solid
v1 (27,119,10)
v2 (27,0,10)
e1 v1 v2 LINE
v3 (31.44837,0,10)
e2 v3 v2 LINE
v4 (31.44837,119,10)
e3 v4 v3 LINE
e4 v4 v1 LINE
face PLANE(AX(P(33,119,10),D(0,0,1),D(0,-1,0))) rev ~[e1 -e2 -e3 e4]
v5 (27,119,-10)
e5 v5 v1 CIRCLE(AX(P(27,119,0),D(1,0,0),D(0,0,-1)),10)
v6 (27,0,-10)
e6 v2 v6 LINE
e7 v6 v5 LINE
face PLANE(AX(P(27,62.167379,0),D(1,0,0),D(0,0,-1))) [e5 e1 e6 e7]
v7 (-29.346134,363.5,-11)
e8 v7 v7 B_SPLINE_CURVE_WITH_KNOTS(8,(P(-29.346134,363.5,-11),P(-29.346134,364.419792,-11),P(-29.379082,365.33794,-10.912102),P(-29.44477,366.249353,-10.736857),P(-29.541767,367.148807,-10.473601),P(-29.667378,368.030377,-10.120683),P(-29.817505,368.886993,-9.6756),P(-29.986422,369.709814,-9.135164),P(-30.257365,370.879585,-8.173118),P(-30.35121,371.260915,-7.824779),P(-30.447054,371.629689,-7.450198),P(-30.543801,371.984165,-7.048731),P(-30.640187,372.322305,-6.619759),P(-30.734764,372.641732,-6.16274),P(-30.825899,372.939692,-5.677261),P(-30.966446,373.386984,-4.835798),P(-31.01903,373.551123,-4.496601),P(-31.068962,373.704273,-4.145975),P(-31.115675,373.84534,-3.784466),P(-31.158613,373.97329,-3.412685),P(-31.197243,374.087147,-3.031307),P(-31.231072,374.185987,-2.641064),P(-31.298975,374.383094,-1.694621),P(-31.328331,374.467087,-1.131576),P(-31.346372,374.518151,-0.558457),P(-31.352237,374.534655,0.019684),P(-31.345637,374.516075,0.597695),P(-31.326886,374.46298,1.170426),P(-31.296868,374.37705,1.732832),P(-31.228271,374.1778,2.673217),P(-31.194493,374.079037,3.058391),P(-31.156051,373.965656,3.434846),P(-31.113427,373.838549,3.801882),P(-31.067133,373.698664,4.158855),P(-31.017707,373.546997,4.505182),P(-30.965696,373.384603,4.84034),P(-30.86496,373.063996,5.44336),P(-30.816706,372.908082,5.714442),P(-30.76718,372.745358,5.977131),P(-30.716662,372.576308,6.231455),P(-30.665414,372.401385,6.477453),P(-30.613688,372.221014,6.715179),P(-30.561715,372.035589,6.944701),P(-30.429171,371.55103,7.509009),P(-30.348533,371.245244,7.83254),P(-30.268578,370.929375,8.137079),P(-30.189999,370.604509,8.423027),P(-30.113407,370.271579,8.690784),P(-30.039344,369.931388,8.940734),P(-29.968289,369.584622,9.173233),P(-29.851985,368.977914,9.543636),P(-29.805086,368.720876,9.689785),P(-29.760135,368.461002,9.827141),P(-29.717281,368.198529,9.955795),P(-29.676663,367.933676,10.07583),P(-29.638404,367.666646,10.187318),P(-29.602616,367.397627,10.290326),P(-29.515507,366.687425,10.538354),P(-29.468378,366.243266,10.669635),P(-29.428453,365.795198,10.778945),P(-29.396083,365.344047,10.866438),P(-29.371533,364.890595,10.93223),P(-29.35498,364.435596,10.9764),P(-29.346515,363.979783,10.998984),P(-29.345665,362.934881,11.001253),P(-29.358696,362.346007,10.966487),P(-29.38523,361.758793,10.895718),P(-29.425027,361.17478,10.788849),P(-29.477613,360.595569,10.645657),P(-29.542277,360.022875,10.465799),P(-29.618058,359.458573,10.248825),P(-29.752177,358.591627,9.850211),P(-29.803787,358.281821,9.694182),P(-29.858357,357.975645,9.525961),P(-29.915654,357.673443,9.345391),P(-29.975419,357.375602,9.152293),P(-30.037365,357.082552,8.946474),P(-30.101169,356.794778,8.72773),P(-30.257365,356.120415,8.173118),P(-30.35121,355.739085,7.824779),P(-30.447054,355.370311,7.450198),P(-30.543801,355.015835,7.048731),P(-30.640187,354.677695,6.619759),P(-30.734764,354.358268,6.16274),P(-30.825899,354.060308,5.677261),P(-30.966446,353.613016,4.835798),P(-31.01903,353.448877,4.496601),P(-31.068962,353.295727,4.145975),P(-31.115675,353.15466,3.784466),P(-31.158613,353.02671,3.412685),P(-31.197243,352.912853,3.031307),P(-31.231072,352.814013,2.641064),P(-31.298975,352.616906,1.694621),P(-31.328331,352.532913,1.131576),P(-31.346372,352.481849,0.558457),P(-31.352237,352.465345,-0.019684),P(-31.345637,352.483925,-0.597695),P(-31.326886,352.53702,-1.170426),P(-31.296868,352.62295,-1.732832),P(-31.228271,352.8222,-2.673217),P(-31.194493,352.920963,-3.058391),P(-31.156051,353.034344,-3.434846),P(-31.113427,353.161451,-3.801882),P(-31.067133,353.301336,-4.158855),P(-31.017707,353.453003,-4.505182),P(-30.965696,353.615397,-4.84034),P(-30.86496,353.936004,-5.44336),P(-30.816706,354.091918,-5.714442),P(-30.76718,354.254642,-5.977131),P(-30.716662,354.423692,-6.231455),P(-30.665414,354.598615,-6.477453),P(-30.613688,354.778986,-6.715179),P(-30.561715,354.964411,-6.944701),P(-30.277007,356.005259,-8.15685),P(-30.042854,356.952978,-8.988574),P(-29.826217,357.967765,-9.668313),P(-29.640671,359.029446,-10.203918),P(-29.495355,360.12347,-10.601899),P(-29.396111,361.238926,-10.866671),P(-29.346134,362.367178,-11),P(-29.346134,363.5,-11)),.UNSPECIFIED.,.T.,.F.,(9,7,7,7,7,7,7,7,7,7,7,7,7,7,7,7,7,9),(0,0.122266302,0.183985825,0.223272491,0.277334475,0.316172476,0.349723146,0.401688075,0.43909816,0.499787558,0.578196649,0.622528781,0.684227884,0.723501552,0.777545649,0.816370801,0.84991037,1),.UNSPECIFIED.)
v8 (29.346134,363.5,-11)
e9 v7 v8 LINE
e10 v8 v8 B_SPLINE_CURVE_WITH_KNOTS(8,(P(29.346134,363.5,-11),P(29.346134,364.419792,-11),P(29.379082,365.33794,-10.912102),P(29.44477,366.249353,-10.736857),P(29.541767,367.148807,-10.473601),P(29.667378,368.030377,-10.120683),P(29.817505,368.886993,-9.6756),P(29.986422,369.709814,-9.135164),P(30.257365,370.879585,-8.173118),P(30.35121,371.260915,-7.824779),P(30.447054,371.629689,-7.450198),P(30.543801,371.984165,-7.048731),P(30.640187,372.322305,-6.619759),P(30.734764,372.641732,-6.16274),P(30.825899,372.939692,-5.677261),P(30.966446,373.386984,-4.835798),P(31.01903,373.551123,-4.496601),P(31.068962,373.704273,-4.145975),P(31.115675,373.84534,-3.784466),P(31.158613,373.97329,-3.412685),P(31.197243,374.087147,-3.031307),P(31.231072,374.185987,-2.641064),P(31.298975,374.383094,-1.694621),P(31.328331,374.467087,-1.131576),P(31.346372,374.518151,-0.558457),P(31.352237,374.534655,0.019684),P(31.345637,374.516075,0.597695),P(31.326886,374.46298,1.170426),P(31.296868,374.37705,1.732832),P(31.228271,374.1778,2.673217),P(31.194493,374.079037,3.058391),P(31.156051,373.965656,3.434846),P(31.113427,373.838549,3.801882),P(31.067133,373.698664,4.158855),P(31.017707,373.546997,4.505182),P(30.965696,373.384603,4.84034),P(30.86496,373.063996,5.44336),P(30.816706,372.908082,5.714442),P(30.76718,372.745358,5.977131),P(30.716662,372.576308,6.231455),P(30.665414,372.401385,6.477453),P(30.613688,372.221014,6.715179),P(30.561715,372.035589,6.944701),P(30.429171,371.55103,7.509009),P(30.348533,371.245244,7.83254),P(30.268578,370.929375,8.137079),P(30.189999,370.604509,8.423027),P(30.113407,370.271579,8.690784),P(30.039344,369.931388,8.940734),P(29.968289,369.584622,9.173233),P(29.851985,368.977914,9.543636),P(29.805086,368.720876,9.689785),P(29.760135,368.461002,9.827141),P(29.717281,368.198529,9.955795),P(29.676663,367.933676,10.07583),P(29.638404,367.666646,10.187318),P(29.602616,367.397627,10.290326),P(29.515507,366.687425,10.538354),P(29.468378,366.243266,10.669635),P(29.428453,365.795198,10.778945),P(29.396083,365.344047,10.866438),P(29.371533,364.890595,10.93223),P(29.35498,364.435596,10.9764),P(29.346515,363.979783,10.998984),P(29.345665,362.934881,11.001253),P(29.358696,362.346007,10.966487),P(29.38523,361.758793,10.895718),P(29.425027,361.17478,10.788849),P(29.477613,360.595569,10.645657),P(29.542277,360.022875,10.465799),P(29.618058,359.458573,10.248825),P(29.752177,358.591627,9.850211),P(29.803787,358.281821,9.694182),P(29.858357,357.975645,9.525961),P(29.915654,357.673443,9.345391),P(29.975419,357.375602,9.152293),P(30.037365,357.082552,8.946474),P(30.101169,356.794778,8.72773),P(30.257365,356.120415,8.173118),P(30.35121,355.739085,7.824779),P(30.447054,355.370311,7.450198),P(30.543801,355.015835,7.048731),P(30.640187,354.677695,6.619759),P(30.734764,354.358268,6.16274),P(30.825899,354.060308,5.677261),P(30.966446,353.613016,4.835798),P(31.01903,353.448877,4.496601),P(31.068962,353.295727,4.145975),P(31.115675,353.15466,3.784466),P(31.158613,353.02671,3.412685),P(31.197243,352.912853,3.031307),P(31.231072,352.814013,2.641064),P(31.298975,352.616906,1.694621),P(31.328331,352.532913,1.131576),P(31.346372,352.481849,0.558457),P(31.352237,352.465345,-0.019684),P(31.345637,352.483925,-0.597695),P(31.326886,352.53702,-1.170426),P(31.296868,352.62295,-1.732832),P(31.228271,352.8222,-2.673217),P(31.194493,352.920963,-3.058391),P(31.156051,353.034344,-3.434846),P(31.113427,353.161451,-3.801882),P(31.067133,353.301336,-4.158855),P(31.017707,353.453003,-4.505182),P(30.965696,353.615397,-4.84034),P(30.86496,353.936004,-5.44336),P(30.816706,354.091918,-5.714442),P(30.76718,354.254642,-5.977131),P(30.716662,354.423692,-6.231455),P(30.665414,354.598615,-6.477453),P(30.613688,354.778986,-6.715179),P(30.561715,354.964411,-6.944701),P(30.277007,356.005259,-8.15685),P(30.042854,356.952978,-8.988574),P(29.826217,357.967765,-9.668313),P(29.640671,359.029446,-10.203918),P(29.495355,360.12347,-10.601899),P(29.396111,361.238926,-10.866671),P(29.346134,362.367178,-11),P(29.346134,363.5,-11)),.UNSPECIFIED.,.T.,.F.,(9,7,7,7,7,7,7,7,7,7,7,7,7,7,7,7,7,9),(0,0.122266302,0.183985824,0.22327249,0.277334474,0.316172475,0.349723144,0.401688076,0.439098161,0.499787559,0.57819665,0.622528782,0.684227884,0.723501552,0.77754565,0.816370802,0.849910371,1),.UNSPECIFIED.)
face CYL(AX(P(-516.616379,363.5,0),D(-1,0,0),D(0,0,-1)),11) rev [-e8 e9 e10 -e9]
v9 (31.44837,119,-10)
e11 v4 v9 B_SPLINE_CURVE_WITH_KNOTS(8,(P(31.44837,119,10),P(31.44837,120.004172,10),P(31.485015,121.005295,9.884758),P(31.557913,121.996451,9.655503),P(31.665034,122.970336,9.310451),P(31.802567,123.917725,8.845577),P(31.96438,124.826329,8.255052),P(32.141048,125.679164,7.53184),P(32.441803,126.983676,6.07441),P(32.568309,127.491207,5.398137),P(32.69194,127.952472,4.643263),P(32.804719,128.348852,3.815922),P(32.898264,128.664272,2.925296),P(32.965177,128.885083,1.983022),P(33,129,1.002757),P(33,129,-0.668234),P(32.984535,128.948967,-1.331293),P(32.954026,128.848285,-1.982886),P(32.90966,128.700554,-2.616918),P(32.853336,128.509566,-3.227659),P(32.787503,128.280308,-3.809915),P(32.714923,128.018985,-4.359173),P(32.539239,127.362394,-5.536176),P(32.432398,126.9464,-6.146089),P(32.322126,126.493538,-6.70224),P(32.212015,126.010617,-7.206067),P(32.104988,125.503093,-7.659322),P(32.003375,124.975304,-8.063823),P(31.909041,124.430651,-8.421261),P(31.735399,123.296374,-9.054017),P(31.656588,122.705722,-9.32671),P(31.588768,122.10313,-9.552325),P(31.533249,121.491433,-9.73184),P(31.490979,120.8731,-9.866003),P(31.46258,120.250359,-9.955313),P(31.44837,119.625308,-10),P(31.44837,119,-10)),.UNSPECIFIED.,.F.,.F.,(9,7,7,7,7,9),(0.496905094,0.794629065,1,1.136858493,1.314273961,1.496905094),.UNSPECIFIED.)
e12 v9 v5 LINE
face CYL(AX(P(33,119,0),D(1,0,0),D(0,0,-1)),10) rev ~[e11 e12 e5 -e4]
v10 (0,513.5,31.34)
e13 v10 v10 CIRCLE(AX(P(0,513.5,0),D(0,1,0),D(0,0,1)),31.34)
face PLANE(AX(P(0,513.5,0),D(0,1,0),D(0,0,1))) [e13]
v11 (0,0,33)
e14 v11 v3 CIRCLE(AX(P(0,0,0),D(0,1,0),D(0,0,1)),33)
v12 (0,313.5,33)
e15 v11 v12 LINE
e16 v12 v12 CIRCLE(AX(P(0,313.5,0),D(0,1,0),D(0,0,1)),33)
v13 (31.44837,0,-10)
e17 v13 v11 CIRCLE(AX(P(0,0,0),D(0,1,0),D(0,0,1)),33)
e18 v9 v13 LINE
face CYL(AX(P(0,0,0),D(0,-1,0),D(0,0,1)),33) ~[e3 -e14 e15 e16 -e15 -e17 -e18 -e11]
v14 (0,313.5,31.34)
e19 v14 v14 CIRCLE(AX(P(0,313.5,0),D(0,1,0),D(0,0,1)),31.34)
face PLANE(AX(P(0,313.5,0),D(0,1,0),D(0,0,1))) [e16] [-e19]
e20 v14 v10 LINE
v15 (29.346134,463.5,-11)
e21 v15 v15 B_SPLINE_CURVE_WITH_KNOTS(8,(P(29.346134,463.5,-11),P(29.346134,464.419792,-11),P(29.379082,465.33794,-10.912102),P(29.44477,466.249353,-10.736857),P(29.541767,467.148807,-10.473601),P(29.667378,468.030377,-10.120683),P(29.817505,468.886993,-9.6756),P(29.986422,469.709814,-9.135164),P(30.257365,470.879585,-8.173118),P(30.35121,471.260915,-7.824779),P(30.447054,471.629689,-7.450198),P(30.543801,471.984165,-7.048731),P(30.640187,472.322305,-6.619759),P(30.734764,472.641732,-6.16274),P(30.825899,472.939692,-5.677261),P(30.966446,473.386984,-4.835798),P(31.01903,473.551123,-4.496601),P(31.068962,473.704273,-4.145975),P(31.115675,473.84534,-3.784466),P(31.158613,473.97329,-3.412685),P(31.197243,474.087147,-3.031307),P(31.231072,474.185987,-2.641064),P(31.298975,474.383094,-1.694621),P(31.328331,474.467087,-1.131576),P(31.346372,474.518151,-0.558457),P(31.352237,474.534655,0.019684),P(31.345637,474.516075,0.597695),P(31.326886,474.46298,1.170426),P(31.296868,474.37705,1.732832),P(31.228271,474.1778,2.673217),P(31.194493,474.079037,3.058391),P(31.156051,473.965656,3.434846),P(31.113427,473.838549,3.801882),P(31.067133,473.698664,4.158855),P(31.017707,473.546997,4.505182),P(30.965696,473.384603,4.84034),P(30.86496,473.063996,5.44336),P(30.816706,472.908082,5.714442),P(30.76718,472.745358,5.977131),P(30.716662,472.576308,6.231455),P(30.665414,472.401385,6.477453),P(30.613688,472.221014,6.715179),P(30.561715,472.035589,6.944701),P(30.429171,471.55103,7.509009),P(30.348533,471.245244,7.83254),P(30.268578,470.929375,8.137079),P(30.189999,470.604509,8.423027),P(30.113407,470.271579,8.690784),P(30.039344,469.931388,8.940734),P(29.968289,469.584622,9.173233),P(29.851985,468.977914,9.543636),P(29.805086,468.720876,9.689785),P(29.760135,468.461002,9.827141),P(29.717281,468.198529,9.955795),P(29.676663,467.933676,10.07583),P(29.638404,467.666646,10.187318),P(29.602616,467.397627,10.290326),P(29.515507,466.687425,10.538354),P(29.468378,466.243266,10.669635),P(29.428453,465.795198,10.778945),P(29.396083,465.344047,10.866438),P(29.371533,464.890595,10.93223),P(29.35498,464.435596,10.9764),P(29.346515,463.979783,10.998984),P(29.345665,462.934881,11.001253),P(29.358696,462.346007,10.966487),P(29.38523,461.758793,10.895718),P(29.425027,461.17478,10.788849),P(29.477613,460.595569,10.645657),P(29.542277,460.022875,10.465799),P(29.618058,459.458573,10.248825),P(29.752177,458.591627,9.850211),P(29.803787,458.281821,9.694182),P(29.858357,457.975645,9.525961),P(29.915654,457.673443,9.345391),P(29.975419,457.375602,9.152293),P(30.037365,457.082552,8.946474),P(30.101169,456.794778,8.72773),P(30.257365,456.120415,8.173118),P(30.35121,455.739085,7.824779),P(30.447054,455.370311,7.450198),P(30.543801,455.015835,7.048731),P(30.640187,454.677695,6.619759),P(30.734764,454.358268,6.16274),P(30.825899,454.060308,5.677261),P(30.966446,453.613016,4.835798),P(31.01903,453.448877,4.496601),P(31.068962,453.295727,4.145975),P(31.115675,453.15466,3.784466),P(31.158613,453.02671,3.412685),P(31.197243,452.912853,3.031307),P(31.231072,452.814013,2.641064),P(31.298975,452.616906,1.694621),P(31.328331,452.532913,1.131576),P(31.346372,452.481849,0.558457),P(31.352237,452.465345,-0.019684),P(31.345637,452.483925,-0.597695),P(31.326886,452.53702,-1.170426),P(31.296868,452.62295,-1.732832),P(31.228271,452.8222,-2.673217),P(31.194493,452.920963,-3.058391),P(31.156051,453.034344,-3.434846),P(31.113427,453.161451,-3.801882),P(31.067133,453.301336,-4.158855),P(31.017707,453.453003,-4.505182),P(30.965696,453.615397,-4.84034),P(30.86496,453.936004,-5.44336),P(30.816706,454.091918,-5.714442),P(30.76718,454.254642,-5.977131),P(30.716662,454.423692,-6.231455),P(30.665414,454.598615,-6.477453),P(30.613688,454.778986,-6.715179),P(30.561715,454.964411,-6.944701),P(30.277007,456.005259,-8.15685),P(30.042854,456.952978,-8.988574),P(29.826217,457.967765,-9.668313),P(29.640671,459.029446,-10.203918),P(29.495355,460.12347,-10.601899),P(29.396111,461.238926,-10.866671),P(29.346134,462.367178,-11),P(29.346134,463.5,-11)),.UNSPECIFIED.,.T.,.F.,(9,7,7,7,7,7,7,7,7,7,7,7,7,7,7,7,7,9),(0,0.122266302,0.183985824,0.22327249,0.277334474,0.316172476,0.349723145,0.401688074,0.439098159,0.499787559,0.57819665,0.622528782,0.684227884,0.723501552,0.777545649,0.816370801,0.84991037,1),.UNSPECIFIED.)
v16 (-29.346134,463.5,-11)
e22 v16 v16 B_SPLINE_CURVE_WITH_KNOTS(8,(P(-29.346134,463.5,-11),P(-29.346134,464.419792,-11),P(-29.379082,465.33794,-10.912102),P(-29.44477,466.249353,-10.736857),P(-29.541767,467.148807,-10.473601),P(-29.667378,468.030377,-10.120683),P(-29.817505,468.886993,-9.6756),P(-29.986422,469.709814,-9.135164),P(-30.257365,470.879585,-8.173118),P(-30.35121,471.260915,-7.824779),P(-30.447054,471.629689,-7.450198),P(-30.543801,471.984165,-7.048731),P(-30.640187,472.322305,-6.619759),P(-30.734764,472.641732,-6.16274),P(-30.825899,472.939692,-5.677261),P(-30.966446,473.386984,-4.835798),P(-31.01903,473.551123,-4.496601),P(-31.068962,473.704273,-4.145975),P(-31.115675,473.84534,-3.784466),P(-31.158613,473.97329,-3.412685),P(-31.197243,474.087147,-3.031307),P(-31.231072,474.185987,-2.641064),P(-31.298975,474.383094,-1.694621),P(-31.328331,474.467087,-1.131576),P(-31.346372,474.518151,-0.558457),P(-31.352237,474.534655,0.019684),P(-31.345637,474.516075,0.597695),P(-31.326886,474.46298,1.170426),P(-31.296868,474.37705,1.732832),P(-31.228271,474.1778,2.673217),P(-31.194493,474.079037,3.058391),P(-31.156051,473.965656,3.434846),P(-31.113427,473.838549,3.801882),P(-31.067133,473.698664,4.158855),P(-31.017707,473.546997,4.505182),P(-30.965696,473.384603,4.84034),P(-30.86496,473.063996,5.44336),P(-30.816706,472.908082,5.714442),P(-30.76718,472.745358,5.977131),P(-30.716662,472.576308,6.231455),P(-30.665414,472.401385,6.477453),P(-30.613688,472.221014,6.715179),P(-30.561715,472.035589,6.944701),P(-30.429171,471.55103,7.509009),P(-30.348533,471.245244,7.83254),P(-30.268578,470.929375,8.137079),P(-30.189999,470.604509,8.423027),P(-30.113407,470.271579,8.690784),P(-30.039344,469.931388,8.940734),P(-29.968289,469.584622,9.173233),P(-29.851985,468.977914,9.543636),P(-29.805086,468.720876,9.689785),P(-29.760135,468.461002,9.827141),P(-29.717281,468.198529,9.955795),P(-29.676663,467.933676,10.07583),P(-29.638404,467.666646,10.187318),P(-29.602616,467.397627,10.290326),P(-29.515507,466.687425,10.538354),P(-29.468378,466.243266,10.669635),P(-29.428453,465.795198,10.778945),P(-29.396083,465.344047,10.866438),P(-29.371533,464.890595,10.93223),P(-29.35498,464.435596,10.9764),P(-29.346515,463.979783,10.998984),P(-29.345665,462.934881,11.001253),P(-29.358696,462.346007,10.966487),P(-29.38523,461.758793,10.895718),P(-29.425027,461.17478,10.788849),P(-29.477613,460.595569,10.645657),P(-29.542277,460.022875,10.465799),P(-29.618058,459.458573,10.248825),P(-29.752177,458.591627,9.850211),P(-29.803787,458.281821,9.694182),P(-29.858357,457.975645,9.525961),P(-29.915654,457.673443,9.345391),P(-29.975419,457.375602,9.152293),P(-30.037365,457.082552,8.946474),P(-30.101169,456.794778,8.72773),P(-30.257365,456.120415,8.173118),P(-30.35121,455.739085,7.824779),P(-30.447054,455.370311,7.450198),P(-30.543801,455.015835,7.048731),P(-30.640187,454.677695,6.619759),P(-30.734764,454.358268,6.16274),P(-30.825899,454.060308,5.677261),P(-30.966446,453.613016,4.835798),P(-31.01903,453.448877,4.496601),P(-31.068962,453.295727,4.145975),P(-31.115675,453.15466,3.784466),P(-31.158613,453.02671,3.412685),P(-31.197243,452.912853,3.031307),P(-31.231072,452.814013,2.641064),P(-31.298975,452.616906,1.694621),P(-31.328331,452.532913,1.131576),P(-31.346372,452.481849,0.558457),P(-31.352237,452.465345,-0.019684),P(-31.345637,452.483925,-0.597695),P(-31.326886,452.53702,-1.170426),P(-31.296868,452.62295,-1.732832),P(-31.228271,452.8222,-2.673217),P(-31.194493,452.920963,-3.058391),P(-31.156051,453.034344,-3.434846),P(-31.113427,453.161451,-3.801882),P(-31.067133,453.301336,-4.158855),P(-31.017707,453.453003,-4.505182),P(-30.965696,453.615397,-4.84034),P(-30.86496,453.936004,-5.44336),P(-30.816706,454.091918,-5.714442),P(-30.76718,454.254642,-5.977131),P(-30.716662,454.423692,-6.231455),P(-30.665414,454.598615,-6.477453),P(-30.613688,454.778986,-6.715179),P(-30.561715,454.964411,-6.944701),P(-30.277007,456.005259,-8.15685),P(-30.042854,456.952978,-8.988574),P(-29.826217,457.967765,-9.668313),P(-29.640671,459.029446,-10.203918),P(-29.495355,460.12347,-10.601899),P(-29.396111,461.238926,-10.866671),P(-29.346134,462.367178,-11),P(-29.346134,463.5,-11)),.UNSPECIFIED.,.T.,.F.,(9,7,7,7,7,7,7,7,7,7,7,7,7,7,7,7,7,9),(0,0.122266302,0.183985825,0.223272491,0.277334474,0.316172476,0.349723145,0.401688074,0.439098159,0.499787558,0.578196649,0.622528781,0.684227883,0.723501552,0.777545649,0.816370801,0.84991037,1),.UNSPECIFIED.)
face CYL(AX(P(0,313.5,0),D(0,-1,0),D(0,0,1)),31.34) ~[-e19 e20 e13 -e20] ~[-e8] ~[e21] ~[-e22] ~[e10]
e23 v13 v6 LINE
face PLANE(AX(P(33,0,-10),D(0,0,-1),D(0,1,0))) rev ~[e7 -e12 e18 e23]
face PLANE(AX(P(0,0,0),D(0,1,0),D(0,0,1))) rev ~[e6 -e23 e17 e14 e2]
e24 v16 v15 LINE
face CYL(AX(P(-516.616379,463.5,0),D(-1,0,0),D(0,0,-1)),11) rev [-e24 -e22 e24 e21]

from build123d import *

# Parameters (mm, degrees)
SKETCH1_R               = 33
BOSS_EXTRUDE1_DEPTH     = 313.5
SKETCH2_R               = 31.34
BOSS_EXTRUDE2_DEPTH     = 200
CUT_EXTRUDE1_DEPTH      = 6
CUT_EXTRUDE2_DEPTH      = 516.616378729
CUT_EXTRUDE2_DEPTH_BACK = 516.616378729
SKETCH5_R               = 11


with BuildPart() as part:
    # Sketch1 → Boss-Extrude1 (new body)
    with BuildSketch(Plane(origin=(0, 0, 0), x_dir=(1, 0, 0), z_dir=(0, 1, 0))):
        with Locations(Location((0, 0, 0), (0, 0, 270))):
            Circle(SKETCH1_R)
    extrude(amount=BOSS_EXTRUDE1_DEPTH)

    # Sketch2 → Boss-Extrude2 (add)
    with BuildSketch(Plane(origin=(0, 313.5, 0), x_dir=(1, 0, 0), z_dir=(0, 1, 0))):
        with Locations(Location((0, 0, 0), (0, 0, 270))):
            Circle(SKETCH2_R)
    extrude(amount=BOSS_EXTRUDE2_DEPTH)

    # Sketch3 → Cut-Extrude1 (cut)
    with BuildSketch(Plane(origin=(33, 0, 0), x_dir=(0, 0, -1), z_dir=(1, 0, 0))):
        with BuildLine():
            Line((-10, 119), (-10, 0))
            Line((-10, 0), (10, 0))
            Line((10, 0), (10, 119))
            ThreePointArc((10, 119), (0, 129), (-10, 119))
        make_face()
    extrude(amount=-CUT_EXTRUDE1_DEPTH, mode=Mode.SUBTRACT)

    # Sketch5 → Cut-Extrude2 (cut, two sides: drawn at the far end of the back side and taken through both)
    with BuildSketch(Plane(origin=(0, 0, 0), x_dir=(0, 0, -1), z_dir=(1, 0, 0)).offset(-CUT_EXTRUDE2_DEPTH_BACK)):
        with Locations((0, 463.5)):
            Circle(SKETCH5_R)
        with Locations((0, 363.5)):
            Circle(SKETCH5_R)
    extrude(amount=CUT_EXTRUDE2_DEPTH + CUT_EXTRUDE2_DEPTH_BACK, mode=Mode.SUBTRACT)


solid = part.part
